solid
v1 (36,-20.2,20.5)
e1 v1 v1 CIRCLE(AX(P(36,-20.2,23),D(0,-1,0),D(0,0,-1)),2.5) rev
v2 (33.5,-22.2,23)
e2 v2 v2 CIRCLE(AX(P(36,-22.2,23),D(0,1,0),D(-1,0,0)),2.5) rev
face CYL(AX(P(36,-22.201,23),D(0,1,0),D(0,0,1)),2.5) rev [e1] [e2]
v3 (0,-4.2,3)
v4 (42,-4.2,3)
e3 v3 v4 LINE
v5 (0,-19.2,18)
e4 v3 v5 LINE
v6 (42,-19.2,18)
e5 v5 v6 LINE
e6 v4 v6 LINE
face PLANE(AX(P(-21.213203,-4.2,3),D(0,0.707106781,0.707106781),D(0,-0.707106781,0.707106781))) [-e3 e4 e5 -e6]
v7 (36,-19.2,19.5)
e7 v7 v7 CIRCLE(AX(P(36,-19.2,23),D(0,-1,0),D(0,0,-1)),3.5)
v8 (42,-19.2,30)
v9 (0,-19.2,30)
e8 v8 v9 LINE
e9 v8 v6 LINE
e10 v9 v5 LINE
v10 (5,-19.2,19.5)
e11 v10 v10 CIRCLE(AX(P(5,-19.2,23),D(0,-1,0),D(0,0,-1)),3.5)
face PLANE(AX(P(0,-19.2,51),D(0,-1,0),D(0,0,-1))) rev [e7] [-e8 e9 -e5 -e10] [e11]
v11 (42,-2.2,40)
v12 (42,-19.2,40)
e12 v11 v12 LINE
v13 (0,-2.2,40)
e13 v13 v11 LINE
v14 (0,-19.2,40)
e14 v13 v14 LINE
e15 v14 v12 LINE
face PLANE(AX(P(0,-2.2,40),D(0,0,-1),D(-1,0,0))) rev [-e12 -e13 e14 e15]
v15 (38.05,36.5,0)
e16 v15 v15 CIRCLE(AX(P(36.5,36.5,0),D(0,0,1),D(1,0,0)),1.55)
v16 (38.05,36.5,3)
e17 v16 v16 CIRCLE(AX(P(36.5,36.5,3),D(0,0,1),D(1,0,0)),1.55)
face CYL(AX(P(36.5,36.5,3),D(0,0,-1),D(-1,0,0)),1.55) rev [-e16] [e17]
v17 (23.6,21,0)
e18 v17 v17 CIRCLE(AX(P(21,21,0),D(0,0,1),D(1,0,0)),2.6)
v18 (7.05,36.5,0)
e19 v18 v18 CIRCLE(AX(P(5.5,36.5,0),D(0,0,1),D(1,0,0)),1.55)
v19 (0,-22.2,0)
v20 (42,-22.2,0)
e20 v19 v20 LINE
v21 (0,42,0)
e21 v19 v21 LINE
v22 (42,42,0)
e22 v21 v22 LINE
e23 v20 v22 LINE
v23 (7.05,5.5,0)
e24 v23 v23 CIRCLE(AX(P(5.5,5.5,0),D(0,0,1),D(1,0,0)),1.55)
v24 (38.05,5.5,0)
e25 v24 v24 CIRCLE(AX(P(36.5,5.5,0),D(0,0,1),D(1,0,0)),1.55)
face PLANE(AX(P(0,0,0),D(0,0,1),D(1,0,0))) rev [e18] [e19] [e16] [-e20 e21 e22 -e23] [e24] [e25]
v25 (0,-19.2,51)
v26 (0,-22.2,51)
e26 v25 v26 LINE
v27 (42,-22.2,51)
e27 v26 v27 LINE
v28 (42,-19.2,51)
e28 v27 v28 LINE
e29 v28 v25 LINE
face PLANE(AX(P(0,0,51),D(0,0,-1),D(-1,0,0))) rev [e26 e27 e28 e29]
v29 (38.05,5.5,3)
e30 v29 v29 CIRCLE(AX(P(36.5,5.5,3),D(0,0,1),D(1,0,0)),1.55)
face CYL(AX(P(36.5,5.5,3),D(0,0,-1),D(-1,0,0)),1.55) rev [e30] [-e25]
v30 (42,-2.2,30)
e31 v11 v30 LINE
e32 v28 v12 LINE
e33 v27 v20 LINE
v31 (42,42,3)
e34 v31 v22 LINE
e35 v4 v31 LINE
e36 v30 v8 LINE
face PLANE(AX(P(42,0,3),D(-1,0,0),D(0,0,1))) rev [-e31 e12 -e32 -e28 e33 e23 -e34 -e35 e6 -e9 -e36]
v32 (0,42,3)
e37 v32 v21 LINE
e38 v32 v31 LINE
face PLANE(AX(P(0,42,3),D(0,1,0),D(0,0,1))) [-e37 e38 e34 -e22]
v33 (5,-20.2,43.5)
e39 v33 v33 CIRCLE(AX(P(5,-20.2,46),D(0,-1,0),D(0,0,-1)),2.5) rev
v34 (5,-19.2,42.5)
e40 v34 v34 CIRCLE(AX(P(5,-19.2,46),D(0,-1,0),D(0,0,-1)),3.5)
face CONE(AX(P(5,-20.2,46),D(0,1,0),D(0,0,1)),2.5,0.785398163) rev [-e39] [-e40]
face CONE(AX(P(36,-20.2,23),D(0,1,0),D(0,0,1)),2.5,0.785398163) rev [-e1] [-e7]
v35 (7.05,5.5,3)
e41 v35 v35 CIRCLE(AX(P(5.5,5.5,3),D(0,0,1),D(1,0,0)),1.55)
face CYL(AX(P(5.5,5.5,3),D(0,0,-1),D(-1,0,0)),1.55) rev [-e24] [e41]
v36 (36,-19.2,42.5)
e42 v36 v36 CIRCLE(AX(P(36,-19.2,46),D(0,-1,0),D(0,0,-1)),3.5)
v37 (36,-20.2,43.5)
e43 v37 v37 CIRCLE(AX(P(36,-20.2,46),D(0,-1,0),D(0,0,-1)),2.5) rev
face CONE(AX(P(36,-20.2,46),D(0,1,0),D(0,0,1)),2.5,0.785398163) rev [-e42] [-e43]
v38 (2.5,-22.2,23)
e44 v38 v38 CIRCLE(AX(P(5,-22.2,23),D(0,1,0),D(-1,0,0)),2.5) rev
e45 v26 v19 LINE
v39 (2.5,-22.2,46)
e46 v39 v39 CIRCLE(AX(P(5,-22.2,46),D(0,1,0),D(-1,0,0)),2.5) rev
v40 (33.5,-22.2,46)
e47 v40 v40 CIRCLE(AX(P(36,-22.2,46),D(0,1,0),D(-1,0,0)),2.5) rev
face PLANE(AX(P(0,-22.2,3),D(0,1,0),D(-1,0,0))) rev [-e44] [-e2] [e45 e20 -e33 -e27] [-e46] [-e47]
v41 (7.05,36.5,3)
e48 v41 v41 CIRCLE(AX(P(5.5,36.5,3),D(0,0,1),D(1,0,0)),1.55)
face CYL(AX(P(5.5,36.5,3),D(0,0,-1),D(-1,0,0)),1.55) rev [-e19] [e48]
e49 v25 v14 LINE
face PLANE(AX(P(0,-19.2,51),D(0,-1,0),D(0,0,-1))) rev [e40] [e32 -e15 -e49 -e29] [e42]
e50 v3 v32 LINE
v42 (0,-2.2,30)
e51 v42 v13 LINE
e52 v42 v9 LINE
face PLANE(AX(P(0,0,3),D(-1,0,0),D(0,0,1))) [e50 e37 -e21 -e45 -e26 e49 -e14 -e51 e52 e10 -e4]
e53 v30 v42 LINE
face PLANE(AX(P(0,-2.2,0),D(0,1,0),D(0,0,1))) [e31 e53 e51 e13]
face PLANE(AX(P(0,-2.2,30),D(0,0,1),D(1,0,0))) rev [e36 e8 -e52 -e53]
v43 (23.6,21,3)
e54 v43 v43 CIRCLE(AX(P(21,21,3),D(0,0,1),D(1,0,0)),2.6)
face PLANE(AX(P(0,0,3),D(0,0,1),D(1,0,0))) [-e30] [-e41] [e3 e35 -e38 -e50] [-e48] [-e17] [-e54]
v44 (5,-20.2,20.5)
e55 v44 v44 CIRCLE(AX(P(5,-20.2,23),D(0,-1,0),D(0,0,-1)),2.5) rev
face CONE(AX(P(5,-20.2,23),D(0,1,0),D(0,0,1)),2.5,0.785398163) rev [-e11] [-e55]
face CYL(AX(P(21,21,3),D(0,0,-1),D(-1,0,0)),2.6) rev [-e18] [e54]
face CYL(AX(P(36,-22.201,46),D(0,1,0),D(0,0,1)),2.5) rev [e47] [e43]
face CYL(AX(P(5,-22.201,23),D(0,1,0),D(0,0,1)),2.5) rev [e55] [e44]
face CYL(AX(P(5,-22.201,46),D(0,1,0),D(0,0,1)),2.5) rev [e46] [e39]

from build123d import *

# Parameters (mm, degrees)
ESQUISSE1_W             = 42
ESQUISSE1_H             = 42
ESQUISSE1_R             = 2.6
ESQUISSE1_R_2           = 1.55
ESQUISSE1_H_2           = 22.2
BOSS_EXTRU_1_DEPTH      = 3
ESQUISSE2_W             = 42
ESQUISSE2_H             = 3
BOSS_EXTRU_2_DEPTH      = 48
BOSS_EXTRU_3_DEPTH      = 42
ENL_V_MAT_EXTRU_4_REACH = 5
ESQUISSE4_R             = 2.5
CHANFREIN1_SIZE         = 1
ESQUISSE5_W             = 42
ESQUISSE5_H             = 10
BOSS_EXTRU_4_DEPTH      = 17


with BuildPart() as part:
    # Esquisse1 → Boss.-Extru.1 (new body)
    with BuildSketch(Plane.XY):
        with Locations((21, 21)):
            Rectangle(ESQUISSE1_W, ESQUISSE1_H)
        with Locations((21, 21)):
            Circle(ESQUISSE1_R, mode=Mode.SUBTRACT)
        with Locations((5.5, 36.5)):
            Circle(ESQUISSE1_R_2, mode=Mode.SUBTRACT)
        with Locations((36.5, 36.5)):
            Circle(ESQUISSE1_R_2, mode=Mode.SUBTRACT)
        with Locations((36.5, 5.5)):
            Circle(ESQUISSE1_R_2, mode=Mode.SUBTRACT)
        with Locations((5.5, 5.5)):
            Circle(ESQUISSE1_R_2, mode=Mode.SUBTRACT)
        with Locations((21, -11.1)):
            Rectangle(ESQUISSE1_W, ESQUISSE1_H_2)
    extrude(amount=BOSS_EXTRU_1_DEPTH)

    # Esquisse2 → Boss.-Extru.2 (add)
    with BuildSketch(Plane.XY.offset(3)):
        with Locations((21, -20.7)):
            Rectangle(ESQUISSE2_W, ESQUISSE2_H)
    extrude(amount=BOSS_EXTRU_2_DEPTH)

    # Esquisse3 → Boss.-Extru.3 (add)
    with BuildSketch(Plane(origin=(42, 0, 0), x_dir=(0, 0, -1), z_dir=(1, 0, 0))):
        Polygon((-3, -4.2), (-18, -19.2), (-3, -19.2), align=None)
    extrude(amount=-BOSS_EXTRU_3_DEPTH)

    # Esquisse4 → Enlèv. mat.-Extru.4 (cut, up to next)
    with BuildSketch(Plane(origin=(0, -19.2, 0), x_dir=(1, 0, 0), z_dir=(0, 1, 0)), mode=Mode.PRIVATE) as enl_v_mat_extru_4_sk1:
        with Locations((5, -23)):
            Circle(ESQUISSE4_R)
    enl_v_mat_extru_4_tool1 = extrude(enl_v_mat_extru_4_sk1.sketch, amount=-ENL_V_MAT_EXTRU_4_REACH, mode=Mode.PRIVATE) & part.part
    add(enl_v_mat_extru_4_tool1.solids().sort_by_distance((5, -19.2, 23))[0], mode=Mode.SUBTRACT)
    # Esquisse4 → Enlèv. mat.-Extru.4 (cut, up to next)
    with BuildSketch(Plane(origin=(0, -19.2, 0), x_dir=(1, 0, 0), z_dir=(0, 1, 0)), mode=Mode.PRIVATE) as enl_v_mat_extru_4_sk2:
        with Locations((36, -23)):
            Circle(ESQUISSE4_R)
    enl_v_mat_extru_4_tool2 = extrude(enl_v_mat_extru_4_sk2.sketch, amount=-ENL_V_MAT_EXTRU_4_REACH, mode=Mode.PRIVATE) & part.part
    add(enl_v_mat_extru_4_tool2.solids().sort_by_distance((36, -19.2, 23))[0], mode=Mode.SUBTRACT)
    # Esquisse4 → Enlèv. mat.-Extru.4 (cut, up to next)
    with BuildSketch(Plane(origin=(0, -19.2, 0), x_dir=(1, 0, 0), z_dir=(0, 1, 0)), mode=Mode.PRIVATE) as enl_v_mat_extru_4_sk3:
        with Locations((36, -46)):
            Circle(ESQUISSE4_R)
    enl_v_mat_extru_4_tool3 = extrude(enl_v_mat_extru_4_sk3.sketch, amount=-ENL_V_MAT_EXTRU_4_REACH, mode=Mode.PRIVATE) & part.part
    add(enl_v_mat_extru_4_tool3.solids().sort_by_distance((36, -19.2, 46))[0], mode=Mode.SUBTRACT)
    # Esquisse4 → Enlèv. mat.-Extru.4 (cut, up to next)
    with BuildSketch(Plane(origin=(0, -19.2, 0), x_dir=(1, 0, 0), z_dir=(0, 1, 0)), mode=Mode.PRIVATE) as enl_v_mat_extru_4_sk4:
        with Locations((5, -46)):
            Circle(ESQUISSE4_R)
    enl_v_mat_extru_4_tool4 = extrude(enl_v_mat_extru_4_sk4.sketch, amount=-ENL_V_MAT_EXTRU_4_REACH, mode=Mode.PRIVATE) & part.part
    add(enl_v_mat_extru_4_tool4.solids().sort_by_distance((5, -19.2, 46))[0], mode=Mode.SUBTRACT)

    # Chanfrein1
    chanfrein1_edges = [part.edges().sort_by_distance(p)[0] for p in [
        (2.5, -19.2, 46),
        (33.5, -19.2, 46),
        (33.5, -19.2, 23),
        (2.5, -19.2, 23),
    ]]
    chamfer(chanfrein1_edges, length=CHANFREIN1_SIZE)

    # Esquisse5 → Boss.-Extru.4 (add)
    with BuildSketch(Plane(origin=(0, -19.2, 0), x_dir=(1, 0, 0), z_dir=(0, 1, 0))):
        with Locations((21, -35)):
            Rectangle(ESQUISSE5_W, ESQUISSE5_H)
    extrude(amount=BOSS_EXTRU_4_DEPTH)


solid = part.part
